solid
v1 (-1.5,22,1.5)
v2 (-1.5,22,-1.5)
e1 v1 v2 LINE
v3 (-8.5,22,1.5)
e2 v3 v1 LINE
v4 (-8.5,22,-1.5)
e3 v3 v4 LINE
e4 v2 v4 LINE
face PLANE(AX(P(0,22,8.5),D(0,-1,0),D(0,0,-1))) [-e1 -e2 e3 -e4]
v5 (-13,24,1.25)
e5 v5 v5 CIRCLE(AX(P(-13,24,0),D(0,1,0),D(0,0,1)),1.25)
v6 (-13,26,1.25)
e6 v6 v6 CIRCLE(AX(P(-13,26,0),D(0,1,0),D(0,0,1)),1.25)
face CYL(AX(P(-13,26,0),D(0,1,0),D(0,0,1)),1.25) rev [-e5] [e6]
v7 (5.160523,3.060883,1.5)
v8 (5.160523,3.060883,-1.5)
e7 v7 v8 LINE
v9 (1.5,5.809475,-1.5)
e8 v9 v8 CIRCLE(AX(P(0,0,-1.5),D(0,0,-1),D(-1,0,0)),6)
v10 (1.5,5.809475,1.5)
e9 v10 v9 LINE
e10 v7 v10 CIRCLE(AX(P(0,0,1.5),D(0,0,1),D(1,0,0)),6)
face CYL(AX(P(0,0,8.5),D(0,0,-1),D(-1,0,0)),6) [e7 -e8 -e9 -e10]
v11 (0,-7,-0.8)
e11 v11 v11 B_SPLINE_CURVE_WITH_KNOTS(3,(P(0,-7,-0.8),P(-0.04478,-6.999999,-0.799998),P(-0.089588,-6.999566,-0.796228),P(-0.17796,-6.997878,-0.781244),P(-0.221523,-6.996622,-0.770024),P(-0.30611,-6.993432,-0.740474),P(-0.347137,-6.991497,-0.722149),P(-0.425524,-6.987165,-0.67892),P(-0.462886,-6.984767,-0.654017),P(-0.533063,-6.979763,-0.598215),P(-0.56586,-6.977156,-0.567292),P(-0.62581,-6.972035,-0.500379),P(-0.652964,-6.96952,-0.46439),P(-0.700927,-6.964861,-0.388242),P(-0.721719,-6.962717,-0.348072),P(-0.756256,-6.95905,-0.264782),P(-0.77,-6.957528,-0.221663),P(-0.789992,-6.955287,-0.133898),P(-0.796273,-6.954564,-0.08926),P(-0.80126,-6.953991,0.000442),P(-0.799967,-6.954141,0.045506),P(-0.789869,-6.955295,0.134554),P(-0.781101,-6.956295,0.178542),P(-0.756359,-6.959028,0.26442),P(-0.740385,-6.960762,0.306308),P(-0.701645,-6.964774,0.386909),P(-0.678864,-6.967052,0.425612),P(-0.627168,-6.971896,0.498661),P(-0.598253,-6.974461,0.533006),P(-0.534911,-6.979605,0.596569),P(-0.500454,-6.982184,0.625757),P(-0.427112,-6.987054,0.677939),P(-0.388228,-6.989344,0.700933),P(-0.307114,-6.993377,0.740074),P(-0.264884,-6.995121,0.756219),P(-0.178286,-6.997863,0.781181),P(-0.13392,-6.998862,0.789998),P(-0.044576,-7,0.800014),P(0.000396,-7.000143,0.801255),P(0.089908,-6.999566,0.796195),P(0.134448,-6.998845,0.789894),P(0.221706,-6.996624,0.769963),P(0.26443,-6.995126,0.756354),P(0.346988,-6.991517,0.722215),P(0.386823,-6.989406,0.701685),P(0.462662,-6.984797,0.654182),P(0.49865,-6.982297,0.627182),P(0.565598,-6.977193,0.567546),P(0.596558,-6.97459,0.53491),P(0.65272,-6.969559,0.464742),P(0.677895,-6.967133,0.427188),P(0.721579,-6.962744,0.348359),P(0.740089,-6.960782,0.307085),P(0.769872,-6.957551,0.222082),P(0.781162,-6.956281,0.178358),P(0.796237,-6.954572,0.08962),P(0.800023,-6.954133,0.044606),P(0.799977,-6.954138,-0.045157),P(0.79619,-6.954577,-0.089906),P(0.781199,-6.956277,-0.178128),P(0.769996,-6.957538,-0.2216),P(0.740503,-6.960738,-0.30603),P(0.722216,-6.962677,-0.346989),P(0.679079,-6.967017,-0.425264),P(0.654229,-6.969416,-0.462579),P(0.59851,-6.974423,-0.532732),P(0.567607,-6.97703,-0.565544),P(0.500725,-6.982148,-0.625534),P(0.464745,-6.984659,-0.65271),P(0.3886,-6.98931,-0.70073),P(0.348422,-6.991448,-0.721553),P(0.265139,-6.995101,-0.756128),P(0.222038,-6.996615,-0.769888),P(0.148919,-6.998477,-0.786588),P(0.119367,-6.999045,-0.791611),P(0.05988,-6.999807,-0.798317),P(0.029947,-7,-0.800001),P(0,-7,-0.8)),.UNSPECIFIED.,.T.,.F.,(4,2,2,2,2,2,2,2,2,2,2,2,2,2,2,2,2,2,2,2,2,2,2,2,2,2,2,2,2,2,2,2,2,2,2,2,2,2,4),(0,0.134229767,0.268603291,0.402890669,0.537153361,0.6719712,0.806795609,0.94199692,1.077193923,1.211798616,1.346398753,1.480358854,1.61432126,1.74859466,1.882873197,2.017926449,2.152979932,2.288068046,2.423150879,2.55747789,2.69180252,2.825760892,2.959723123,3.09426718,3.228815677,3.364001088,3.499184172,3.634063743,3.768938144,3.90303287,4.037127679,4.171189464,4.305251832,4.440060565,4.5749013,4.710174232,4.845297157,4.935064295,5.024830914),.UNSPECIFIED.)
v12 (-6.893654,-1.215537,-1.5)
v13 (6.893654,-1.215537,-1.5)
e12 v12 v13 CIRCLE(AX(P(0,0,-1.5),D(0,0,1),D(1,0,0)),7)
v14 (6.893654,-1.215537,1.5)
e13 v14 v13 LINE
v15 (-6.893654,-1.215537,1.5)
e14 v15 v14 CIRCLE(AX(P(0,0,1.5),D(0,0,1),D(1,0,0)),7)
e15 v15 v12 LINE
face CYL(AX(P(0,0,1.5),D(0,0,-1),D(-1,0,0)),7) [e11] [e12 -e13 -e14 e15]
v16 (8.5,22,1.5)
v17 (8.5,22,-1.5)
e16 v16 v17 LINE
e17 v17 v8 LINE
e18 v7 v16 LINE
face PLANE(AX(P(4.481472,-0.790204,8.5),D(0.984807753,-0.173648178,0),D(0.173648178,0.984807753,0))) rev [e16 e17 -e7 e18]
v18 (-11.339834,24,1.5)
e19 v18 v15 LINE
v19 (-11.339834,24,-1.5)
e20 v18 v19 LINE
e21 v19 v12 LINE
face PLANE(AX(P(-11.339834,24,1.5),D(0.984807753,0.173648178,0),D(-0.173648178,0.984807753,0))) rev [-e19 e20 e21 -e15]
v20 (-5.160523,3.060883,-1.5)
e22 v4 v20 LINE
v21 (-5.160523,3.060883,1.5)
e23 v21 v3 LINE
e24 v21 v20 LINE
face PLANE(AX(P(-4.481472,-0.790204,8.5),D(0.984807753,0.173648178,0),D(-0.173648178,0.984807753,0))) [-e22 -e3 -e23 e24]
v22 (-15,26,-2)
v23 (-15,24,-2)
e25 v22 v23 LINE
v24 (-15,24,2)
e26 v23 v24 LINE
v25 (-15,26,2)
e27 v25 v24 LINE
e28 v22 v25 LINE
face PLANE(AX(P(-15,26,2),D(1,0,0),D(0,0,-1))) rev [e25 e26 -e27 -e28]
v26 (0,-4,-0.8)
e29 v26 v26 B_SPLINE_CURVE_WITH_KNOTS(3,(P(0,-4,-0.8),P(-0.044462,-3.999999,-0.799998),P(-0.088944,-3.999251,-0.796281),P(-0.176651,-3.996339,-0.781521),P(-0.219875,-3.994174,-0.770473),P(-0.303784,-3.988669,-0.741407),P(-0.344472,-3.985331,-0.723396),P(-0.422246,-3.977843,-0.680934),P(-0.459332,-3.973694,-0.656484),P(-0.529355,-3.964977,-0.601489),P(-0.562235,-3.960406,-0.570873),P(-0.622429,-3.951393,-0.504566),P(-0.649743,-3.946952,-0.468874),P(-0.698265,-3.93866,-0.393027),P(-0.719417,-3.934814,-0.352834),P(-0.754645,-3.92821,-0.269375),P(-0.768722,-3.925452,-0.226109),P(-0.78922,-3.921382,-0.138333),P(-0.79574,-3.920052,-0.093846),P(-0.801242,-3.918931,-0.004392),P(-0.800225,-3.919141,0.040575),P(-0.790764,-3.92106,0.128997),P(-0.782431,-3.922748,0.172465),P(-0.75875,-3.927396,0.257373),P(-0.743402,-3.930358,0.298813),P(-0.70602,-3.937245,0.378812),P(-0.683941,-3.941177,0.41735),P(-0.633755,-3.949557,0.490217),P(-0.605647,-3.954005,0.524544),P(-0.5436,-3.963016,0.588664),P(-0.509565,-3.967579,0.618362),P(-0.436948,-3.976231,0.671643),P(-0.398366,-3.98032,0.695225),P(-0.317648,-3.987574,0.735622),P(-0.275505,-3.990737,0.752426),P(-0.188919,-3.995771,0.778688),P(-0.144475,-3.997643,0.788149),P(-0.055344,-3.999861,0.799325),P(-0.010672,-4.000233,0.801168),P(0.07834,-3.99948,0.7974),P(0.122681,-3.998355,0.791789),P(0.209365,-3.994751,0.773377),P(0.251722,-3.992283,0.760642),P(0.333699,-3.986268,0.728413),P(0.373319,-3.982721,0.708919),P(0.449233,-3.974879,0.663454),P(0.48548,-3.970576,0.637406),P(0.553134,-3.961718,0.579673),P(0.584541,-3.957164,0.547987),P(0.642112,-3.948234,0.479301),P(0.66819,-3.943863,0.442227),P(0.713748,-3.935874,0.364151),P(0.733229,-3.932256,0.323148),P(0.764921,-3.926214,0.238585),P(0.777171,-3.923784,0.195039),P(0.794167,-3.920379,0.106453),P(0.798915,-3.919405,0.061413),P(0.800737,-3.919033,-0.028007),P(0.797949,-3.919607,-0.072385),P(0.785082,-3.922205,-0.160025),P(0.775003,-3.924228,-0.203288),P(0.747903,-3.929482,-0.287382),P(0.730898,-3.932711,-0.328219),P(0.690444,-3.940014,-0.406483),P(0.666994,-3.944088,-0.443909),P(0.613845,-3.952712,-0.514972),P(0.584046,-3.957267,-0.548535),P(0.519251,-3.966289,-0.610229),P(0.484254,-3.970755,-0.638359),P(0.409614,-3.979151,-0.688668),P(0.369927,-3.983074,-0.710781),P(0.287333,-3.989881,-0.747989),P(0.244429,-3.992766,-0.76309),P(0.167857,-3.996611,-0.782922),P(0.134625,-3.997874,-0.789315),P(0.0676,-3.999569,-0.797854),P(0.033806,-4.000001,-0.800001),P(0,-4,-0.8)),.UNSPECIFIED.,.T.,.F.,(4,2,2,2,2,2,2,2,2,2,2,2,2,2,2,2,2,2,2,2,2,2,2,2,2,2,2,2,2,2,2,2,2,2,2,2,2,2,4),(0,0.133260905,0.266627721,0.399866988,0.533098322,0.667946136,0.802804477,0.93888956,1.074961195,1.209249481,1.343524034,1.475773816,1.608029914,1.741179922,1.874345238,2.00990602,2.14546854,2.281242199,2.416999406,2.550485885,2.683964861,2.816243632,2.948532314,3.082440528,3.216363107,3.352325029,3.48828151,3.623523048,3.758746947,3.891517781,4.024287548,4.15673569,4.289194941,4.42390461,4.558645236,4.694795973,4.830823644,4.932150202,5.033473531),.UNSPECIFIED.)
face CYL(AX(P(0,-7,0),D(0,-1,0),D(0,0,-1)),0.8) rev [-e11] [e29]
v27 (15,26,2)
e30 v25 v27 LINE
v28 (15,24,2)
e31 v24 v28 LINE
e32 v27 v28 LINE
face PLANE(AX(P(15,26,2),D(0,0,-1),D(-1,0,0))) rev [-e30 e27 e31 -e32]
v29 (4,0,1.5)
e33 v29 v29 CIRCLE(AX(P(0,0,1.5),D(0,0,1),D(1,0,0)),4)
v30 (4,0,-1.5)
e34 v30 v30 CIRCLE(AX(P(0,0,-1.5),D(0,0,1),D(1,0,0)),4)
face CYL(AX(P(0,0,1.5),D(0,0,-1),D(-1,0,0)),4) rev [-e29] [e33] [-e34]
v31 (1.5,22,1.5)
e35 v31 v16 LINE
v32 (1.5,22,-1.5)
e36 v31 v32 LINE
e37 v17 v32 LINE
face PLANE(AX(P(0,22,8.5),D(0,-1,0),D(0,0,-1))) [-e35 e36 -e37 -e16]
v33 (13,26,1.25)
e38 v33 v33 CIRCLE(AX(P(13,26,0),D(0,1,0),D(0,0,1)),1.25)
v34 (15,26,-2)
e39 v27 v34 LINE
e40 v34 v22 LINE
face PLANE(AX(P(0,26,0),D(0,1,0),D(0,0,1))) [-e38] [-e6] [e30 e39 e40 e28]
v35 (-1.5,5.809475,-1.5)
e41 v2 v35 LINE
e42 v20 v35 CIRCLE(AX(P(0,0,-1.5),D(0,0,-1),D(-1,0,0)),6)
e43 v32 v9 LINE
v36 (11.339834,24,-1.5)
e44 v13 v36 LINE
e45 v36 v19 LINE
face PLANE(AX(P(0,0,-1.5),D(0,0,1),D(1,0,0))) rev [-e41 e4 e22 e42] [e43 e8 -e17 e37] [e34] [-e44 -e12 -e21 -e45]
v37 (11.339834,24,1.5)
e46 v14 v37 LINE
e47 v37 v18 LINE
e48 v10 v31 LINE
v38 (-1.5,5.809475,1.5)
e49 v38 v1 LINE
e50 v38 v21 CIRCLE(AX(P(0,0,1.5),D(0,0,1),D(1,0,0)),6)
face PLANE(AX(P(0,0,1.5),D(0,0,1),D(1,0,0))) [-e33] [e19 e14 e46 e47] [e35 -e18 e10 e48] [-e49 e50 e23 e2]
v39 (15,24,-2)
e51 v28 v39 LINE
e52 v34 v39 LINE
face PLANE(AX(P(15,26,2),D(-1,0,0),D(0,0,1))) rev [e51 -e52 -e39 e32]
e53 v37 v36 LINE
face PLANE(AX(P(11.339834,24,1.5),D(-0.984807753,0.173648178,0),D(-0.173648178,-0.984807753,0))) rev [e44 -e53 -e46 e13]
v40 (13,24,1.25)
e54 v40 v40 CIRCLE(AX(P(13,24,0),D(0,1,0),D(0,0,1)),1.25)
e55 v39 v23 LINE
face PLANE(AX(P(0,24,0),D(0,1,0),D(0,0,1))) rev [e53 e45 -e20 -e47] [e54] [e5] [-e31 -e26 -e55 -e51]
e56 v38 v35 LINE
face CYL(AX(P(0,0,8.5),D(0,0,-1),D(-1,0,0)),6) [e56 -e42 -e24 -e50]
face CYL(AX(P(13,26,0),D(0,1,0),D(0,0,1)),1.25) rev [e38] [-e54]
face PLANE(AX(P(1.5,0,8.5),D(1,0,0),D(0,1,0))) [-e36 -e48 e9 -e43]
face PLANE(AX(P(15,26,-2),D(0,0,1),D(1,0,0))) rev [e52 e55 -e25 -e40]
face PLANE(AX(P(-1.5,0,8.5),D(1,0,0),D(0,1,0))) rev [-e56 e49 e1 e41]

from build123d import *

# Parameters (mm, degrees)
SKETCH_1_R             = 4
EXTRUDE_1_DEPTH        = 1.5
SKETCH_2_W             = 30
SKETCH_2_H             = 4
EXTRUDE_2_DEPTH        = 2
HOLE_WIZARD_M3_1_D     = 2.5
HOLE_WIZARD_M3_1_DEPTH = 2
HOLE_WIZARD_M3_1_TIP   = 0.751075774
CUT_EXTRUDE_2_DEPTH    = 10
HOLE_WIZARD_M2_1_D     = 1.6
HOLE_WIZARD_M2_1_DEPTH = 4.2
HOLE_WIZARD_M2_1_TIP   = 0.480688495


with BuildPart() as part:
    # 草图1 → 凸台-拉伸1 (new, symmetric)
    with BuildSketch(Plane.XY):
        with BuildLine():
            Line((11.33983382, 24), (6.893654271, -1.215537244))
            ThreePointArc((6.893654271, -1.215537244), (0, -7), (-6.893654271, -1.215537244))
            Line((-6.893654271, -1.215537244), (-11.33983382, 24))
            Line((-11.33983382, 24), (11.33983382, 24))
        make_face()
        Circle(SKETCH_1_R, mode=Mode.SUBTRACT)
    extrude(amount=EXTRUDE_1_DEPTH, both=True)

    # 草图2 → 凸台-拉伸2 (add)
    with BuildSketch(Plane(origin=(0, 24, 0), x_dir=(1, 0, 0), z_dir=(0, 1, 0))):
        Rectangle(SKETCH_2_W, SKETCH_2_H)
    extrude(amount=EXTRUDE_2_DEPTH)

    # M3 螺纹孔1
    with Locations(Plane(origin=(0, 26, 0), x_dir=(1, 0, 0), z_dir=(0, 1, 0))):
        with Locations((-13, 0), (13, 0)):
            Hole(HOLE_WIZARD_M3_1_D / 2, depth=HOLE_WIZARD_M3_1_DEPTH)
            with Locations((0, 0, -(HOLE_WIZARD_M3_1_DEPTH + HOLE_WIZARD_M3_1_TIP / 2))):  # 118° drill point
                Cone(0, HOLE_WIZARD_M3_1_D / 2, HOLE_WIZARD_M3_1_TIP, mode=Mode.SUBTRACT)

    # 草图8 → 切除-拉伸2 (cut)
    with BuildSketch(Plane(origin=(0, 0, -1.5), x_dir=(-1, 0, 0), z_dir=(0, 0, -1))):
        with BuildLine():
            Line((-1.5, 22), (-8.5, 22))
            Line((-8.5, 22), (-5.160522702, 3.060883114))
            ThreePointArc((-5.160522702, 3.060883114), (-3.602683726, 4.797986033), (-1.5, 5.809475019))
            Line((-1.5, 5.809475019), (-1.5, 22))
        make_face()
        with BuildLine():
            Line((8.5, 22), (1.5, 22))
            Line((1.5, 22), (1.5, 5.809475019))
            ThreePointArc((1.5, 5.809475019), (3.602683726, 4.797986033), (5.160522702, 3.060883114))
            Line((5.160522702, 3.060883114), (8.5, 22))
        make_face()
    extrude(amount=-CUT_EXTRUDE_2_DEPTH, mode=Mode.SUBTRACT)

    # M2 螺纹孔1
    with Locations(Plane(origin=(0, -7, 0), x_dir=(-1, 0, 0), z_dir=(0, -1, 0))):
        with Locations((0, 0)):
            Hole(HOLE_WIZARD_M2_1_D / 2, depth=HOLE_WIZARD_M2_1_DEPTH)
            with Locations((0, 0, -(HOLE_WIZARD_M2_1_DEPTH + HOLE_WIZARD_M2_1_TIP / 2))):  # 118° drill point
                Cone(0, HOLE_WIZARD_M2_1_D / 2, HOLE_WIZARD_M2_1_TIP, mode=Mode.SUBTRACT)


solid = part.part
